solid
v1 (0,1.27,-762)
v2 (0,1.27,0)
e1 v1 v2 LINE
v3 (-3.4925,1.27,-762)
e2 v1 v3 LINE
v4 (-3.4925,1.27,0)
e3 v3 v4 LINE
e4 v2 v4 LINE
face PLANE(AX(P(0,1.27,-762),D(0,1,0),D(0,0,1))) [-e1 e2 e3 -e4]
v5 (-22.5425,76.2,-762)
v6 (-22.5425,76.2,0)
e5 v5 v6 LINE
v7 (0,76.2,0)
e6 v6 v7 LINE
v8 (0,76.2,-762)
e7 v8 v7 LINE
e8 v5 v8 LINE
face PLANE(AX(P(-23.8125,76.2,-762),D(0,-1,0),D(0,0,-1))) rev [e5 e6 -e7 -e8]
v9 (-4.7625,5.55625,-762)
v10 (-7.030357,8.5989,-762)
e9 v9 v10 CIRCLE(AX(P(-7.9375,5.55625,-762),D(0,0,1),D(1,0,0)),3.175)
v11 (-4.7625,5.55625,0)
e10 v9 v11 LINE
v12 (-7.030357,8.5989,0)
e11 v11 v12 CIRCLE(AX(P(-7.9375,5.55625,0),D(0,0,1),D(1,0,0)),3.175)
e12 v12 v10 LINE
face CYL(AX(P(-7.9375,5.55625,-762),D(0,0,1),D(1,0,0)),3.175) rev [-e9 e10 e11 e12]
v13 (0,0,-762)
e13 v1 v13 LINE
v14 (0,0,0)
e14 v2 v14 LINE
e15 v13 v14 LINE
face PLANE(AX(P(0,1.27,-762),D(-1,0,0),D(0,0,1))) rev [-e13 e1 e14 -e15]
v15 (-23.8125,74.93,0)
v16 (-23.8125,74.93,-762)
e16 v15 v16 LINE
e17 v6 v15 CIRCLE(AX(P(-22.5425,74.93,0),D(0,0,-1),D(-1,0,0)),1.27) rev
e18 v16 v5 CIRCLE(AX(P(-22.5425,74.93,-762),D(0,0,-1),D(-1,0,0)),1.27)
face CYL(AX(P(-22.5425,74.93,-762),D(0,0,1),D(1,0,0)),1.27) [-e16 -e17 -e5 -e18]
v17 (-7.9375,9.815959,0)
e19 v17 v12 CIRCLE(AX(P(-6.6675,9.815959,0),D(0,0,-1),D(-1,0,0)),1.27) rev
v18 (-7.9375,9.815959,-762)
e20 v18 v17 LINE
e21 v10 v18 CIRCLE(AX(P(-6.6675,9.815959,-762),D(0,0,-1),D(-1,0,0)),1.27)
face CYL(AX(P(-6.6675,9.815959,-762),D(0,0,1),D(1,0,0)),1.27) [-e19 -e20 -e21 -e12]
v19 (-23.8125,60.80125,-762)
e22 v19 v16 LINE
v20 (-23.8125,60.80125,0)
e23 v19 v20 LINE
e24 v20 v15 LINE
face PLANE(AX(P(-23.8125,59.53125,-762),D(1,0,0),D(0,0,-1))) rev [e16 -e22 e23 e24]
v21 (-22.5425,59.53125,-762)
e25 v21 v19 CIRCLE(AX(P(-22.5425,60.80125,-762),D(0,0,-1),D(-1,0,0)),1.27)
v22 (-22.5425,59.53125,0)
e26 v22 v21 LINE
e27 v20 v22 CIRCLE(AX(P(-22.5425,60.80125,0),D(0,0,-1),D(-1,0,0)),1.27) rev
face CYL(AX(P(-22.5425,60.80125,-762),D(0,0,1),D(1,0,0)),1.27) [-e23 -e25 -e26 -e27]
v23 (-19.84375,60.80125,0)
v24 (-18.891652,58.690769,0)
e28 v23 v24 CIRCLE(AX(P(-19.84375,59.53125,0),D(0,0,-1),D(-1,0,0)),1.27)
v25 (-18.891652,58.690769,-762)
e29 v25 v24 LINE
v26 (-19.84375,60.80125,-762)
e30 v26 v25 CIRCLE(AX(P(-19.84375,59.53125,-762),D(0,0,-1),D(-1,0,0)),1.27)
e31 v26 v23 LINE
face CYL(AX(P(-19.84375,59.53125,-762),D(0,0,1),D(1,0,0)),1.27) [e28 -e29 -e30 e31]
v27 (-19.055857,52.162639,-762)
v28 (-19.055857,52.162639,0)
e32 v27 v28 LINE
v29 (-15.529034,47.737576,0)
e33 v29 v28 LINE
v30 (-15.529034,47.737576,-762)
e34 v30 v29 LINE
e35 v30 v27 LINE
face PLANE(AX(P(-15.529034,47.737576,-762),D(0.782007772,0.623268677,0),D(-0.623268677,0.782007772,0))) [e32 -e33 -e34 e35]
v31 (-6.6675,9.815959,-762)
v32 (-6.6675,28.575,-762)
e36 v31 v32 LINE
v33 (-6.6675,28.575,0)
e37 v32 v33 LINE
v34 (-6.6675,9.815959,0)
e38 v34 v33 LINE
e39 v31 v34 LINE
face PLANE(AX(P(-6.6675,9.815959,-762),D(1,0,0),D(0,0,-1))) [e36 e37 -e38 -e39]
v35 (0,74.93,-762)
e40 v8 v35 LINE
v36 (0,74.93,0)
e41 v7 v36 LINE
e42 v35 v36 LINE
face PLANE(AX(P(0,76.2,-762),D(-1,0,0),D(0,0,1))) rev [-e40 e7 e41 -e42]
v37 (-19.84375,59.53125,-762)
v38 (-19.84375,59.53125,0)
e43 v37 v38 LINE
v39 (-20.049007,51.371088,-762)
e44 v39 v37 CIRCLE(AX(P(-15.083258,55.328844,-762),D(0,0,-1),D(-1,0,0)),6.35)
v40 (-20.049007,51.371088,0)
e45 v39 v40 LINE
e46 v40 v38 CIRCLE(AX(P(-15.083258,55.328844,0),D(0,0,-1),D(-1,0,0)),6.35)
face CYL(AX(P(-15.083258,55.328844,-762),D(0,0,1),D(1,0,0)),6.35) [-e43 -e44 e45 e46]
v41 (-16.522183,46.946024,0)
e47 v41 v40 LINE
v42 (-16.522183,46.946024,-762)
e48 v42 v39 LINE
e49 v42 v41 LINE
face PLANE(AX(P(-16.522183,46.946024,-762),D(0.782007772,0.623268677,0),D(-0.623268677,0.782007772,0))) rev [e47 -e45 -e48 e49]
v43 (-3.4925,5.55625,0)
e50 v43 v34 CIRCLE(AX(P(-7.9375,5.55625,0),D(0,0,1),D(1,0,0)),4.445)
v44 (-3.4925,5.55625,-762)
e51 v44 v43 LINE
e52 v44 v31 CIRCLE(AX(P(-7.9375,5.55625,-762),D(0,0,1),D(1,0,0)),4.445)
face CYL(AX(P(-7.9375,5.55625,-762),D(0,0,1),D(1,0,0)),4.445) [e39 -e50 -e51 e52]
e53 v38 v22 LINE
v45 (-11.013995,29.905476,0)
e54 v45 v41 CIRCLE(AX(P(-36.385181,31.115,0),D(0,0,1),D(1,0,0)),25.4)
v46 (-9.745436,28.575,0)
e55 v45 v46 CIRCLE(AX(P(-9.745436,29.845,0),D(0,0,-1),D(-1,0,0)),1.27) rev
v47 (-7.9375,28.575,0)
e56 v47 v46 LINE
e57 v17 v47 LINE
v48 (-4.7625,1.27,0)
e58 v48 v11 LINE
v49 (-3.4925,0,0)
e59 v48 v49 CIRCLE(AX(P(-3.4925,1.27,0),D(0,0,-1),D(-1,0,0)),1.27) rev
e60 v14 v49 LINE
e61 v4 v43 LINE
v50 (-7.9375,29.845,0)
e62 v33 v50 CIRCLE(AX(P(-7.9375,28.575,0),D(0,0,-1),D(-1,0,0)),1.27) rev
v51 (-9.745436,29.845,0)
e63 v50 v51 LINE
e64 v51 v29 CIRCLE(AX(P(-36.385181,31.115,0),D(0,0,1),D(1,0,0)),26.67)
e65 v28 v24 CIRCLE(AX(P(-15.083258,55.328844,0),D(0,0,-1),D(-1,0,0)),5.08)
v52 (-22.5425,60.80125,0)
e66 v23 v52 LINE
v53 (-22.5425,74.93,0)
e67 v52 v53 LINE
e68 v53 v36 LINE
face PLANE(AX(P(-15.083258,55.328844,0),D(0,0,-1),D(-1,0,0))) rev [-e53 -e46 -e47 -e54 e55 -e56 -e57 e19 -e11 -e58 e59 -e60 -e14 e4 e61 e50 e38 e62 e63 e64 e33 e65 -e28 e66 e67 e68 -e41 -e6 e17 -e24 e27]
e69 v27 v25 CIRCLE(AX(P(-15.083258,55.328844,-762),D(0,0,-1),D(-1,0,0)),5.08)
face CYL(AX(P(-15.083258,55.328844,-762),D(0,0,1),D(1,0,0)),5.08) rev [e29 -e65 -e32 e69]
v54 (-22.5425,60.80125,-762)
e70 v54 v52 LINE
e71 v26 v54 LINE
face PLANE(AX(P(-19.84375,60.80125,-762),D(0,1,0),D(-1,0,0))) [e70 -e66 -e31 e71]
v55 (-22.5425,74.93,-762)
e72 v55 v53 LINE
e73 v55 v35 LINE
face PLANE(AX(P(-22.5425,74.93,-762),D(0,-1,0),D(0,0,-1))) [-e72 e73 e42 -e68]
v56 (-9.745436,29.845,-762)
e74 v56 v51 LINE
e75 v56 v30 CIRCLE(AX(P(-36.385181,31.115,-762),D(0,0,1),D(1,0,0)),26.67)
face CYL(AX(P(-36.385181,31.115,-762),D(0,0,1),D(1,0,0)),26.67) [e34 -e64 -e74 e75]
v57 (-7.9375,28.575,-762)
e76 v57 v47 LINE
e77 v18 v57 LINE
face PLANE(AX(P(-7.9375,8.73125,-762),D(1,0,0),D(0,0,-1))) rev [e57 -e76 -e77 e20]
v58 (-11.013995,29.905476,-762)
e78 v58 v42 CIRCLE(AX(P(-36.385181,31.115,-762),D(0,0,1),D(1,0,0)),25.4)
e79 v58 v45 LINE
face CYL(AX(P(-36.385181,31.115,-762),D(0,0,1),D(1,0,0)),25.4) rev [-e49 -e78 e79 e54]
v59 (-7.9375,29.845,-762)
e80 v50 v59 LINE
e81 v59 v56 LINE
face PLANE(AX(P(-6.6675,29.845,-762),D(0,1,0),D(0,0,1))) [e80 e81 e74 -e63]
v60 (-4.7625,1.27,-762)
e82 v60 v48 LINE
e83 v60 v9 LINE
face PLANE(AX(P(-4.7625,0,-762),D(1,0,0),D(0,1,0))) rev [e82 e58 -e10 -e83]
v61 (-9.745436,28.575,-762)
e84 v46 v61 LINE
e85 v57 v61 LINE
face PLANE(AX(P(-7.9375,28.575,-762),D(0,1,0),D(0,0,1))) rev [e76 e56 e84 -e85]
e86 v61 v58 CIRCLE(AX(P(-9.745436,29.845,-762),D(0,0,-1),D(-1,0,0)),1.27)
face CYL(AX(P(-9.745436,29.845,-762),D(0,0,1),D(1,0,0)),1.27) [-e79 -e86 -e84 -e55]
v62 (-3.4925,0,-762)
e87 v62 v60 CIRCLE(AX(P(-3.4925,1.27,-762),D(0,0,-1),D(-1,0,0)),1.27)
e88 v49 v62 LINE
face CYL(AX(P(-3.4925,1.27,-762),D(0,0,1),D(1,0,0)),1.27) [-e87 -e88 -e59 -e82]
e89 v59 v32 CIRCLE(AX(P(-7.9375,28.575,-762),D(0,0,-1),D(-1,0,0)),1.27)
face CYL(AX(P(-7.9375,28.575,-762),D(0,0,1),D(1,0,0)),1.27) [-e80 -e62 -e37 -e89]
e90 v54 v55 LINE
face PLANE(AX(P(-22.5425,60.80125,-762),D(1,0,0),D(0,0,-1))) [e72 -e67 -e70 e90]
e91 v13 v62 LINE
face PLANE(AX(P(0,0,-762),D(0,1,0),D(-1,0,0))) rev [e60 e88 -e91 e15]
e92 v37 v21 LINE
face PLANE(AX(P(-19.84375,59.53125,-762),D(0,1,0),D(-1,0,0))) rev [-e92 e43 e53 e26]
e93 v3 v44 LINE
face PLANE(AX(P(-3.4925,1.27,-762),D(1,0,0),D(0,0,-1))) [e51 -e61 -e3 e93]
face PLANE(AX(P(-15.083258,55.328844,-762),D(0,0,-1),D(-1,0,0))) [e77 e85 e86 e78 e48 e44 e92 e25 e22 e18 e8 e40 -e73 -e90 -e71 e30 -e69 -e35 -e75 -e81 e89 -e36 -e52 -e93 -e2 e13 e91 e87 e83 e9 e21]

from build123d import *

# Parameters (mm, degrees)
BOSS_EXTRUDE2_DEPTH = 762
FILLET2_R           = 1.27


with BuildPart() as part:
    # Sketch1 → Boss-Extrude2 (new body)
    with BuildSketch(Plane.XY):
        with BuildLine():
            Line((0, 0), (-4.7625, 0))
            Line((-4.7625, 0), (-4.7625, 5.55625))
            ThreePointArc((-4.7625, 5.55625), (-5.69243597, 7.80131403), (-7.9375, 8.73125))
            Line((-7.9375, 8.73125), (-7.9375, 28.575))
            Line((-7.9375, 28.575), (-11.1125, 28.575))
            ThreePointArc((-11.1125, 28.575), (-12.019610958, 38.289886849), (-16.522183488, 46.946024405))
            Line((-16.522183488, 46.946024405), (-20.049007231, 51.371088071))
            ThreePointArc((-20.049007231, 51.371088071), (-21.43125, 55.488518856), (-19.84375, 59.53125))
            Line((-19.84375, 59.53125), (-23.8125, 59.53125))
            Line((-23.8125, 59.53125), (-23.8125, 76.2))
            Line((-23.8125, 76.2), (0, 76.2))
            Line((0, 76.2), (0, 74.93))
            Line((0, 74.93), (-22.5425, 74.93))
            Line((-22.5425, 74.93), (-22.5425, 60.80125))
            Line((-22.5425, 60.80125), (-19.84375, 60.80125))
            ThreePointArc((-19.84375, 60.80125), (-18.686099129, 60.053499423), (-18.891651575, 58.690768834))
            ThreePointArc((-18.891651575, 58.690768834), (-20.161651575, 55.456583919), (-19.05585736, 52.162639291))
            Line((-19.05585736, 52.162639291), (-15.529033617, 47.737575625))
            ThreePointArc((-15.529033617, 47.737575625), (-11.00800601, 39.317919875), (-9.745436159, 29.845))
            Line((-9.745436159, 29.845), (-6.6675, 29.845))
            Line((-6.6675, 29.845), (-6.6675, 9.815959497))
            ThreePointArc((-6.6675, 9.815959497), (-4.373571339, 8.212645584), (-3.4925, 5.55625))
            Line((-3.4925, 5.55625), (-3.4925, 1.27))
            Line((-3.4925, 1.27), (0, 1.27))
            Line((0, 1.27), (0, 0))
        make_face()
    extrude(amount=-BOSS_EXTRUDE2_DEPTH)

    # Fillet2
    fillet2_edges = [part.edges().sort_by_distance(p)[0] for p in [
        (-6.6675, 29.845, -381),
        (-4.7625, 0, -381),
        (-7.9375, 8.73125, -381),
        (-11.1125, 28.575, -381),
        (-23.8125, 59.53125, -381),
        (-23.8125, 76.2, -381),
    ]]
    fillet(fillet2_edges, radius=FILLET2_R)


solid = part.part
